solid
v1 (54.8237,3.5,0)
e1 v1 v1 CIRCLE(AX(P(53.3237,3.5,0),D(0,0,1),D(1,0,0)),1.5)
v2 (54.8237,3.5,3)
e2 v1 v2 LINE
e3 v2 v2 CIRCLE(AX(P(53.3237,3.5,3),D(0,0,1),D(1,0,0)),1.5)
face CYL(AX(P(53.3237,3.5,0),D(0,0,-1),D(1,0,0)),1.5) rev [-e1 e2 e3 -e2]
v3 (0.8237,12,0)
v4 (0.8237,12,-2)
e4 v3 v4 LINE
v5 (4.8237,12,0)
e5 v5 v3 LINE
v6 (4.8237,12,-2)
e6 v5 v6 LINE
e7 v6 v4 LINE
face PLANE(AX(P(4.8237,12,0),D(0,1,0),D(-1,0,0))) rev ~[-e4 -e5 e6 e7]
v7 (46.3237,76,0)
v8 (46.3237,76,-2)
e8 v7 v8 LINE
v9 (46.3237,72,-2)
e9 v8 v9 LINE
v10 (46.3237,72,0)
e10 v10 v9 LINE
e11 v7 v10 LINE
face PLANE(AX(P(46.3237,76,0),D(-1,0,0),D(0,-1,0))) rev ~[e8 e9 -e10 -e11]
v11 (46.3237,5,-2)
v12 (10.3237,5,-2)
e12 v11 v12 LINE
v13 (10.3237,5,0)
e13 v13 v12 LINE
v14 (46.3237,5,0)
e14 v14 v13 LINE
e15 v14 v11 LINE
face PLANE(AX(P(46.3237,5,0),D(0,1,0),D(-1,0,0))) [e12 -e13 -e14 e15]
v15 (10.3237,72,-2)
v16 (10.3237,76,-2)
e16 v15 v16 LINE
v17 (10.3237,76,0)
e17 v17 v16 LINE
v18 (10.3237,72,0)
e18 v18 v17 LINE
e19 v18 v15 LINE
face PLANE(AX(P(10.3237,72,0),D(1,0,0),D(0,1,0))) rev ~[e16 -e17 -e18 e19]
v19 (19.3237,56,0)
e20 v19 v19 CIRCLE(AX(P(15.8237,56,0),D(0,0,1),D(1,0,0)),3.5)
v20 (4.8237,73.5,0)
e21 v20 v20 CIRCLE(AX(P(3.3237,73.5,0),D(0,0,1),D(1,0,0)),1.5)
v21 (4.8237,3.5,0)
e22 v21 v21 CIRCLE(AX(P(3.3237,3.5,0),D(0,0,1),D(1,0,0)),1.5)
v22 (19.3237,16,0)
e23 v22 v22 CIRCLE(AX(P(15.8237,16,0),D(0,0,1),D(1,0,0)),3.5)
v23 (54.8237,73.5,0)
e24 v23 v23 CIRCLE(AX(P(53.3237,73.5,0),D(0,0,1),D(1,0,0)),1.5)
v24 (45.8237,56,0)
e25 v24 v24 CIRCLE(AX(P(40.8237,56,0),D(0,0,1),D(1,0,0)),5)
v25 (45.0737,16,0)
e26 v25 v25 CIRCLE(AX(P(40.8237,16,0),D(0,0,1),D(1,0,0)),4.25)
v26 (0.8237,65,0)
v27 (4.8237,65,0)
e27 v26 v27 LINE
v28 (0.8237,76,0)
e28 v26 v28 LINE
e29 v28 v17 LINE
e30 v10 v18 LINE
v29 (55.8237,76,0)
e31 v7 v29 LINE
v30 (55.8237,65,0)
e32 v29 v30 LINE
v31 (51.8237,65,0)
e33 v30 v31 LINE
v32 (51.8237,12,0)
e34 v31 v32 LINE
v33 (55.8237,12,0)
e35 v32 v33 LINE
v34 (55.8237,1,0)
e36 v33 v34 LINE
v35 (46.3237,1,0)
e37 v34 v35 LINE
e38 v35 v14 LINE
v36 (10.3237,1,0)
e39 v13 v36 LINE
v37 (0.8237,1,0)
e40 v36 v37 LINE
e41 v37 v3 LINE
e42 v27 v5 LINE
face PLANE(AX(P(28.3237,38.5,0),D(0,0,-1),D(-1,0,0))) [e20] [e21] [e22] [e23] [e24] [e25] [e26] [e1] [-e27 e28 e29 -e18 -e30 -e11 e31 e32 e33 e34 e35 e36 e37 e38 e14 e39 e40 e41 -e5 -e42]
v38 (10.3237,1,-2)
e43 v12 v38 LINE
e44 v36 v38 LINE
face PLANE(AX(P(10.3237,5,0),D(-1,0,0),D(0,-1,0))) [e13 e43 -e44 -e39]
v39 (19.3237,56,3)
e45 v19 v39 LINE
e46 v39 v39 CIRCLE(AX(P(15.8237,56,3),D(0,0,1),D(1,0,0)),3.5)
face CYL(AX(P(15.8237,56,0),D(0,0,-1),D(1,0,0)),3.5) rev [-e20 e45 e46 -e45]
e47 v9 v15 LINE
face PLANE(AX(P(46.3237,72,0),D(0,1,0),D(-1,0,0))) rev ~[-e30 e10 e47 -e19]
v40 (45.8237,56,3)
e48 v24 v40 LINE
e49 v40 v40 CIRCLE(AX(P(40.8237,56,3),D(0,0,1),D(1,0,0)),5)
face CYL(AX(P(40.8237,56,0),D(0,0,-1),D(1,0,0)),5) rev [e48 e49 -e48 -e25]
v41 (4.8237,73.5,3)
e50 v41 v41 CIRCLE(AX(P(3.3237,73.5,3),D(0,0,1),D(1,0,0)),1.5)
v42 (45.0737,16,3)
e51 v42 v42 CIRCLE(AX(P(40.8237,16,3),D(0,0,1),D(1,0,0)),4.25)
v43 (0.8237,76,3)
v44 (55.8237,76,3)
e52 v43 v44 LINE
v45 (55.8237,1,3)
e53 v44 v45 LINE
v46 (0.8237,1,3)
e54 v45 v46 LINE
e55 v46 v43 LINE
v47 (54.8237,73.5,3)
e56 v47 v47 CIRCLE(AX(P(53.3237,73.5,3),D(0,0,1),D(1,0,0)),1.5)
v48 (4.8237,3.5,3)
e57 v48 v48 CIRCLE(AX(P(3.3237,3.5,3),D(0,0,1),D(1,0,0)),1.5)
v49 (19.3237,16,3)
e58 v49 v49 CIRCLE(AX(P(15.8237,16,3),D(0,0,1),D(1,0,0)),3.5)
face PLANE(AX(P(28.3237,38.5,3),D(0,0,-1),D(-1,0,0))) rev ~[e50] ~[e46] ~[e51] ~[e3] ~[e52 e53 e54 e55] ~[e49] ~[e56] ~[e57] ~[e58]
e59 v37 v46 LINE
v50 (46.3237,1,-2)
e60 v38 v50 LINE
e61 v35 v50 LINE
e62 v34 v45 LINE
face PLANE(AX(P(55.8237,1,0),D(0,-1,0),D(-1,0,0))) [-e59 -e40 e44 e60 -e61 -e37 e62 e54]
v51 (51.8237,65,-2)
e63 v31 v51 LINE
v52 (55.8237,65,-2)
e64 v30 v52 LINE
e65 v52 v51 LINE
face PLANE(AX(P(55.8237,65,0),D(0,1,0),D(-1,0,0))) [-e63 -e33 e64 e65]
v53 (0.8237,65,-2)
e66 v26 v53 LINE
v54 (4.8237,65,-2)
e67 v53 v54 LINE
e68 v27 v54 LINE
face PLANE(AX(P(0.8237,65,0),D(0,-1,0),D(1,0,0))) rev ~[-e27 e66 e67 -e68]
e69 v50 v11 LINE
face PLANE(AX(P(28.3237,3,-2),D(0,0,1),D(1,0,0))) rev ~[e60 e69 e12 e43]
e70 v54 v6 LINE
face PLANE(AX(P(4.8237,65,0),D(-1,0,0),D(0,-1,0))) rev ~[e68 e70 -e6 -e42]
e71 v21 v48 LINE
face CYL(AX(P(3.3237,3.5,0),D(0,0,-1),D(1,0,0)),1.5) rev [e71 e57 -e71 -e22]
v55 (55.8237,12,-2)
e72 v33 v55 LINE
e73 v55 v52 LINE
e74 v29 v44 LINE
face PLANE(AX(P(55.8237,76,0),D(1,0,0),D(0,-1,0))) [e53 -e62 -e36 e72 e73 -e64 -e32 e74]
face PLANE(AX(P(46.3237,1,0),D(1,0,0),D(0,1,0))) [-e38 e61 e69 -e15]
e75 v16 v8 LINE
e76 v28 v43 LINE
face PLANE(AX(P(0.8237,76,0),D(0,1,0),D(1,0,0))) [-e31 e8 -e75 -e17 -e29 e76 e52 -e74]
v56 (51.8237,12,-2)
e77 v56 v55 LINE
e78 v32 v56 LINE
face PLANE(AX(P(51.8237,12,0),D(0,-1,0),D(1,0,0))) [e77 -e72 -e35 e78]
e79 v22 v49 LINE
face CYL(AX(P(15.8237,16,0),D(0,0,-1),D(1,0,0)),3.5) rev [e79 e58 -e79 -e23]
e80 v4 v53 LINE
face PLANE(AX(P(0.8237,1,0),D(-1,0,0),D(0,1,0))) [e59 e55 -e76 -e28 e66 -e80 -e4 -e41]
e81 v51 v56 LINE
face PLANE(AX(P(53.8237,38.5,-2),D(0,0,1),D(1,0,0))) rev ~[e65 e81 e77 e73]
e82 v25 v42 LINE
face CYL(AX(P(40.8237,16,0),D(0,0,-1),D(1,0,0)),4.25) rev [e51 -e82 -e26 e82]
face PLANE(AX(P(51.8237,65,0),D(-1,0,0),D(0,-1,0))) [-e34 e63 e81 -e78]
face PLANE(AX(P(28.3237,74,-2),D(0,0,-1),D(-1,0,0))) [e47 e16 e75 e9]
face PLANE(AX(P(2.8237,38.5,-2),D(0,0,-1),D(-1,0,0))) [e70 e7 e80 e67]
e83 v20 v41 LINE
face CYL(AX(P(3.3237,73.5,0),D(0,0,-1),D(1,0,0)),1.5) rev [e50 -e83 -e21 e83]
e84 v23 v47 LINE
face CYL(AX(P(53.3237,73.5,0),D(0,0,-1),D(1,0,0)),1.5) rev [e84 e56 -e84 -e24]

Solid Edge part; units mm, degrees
sketch "Sketch1" plane through (0, 0, 0) normal (0, 0, 1) x (1, 0, 0)
  circle A0 centre (15.8237, 56) radius 3.5
  circle A1 centre (15.8237, 16) radius 3.5
  circle A2 centre (40.8237, 16) radius 4.25
  circle A3 centre (40.8237, 56) radius 5
  line L0 (0.8237, 1) -> (0.8237, 76)
  line L1 (0.8237, 76) -> (55.8237, 76)
  line L2 (55.8237, 76) -> (55.8237, 1)
  line L3 (55.8237, 1) -> (0.8237, 1)
  circle A4 centre (3.3237, 73.5) radius 1.5
  circle A5 centre (53.3237, 73.5) radius 1.5
  circle A6 centre (3.3237, 3.5) radius 1.5
  circle A7 centre (53.3237, 3.5) radius 1.5
  dimension "D1" = 5
  dimension "D2" = 5
  dimension "D3" = 5
  dimension "D4" = 5
  dimension "D5" = 5
  dimension "D6" = 5
  dimension "D7" = 5
  dimension "D8" = 5
  dimension "D9" = 55
  dimension "D10" = 75
  dimension "D11" = 15
  dimension "D12" = 20
  dimension "D13" = 15
  dimension "D14" = 15
  dimension "D15" = 15
  dimension "D16" = 15
  dimension "D17" = 15
  dimension "D18" = 25
  dimension "D19" = 15
  dimension "D20" = 15
  dimension "D21" = 25
  dimension "D22" = 53
  dimension "D23" = 4
  dimension "D24" = 36
  dimension "D25" = 4
extrude "Protrusion1" add sketch "Sketch1" along normal blind 3
sketch "Sketch2" plane through (0, 0, 0) normal (0, 0, 1) x (1, 0, 0)
  line L0 (46.3237, 72) -> (10.3237, 72)
  line L1 (10.3237, 72) -> (10.3237, 76)
  line L2 (10.3237, 76) -> (46.3237, 76)
  line L3 (46.3237, 76) -> (46.3237, 72)
  line L4 (0.8237, 65) -> (4.8237, 65)
  line L5 (4.8237, 65) -> (4.8237, 12)
  line L6 (4.8237, 12) -> (0.8237, 12)
  line L7 (0.8237, 12) -> (0.8237, 65)
  line L8 (55.8237, 65) -> (51.8237, 65)
  line L9 (51.8237, 65) -> (51.8237, 12)
  line L10 (51.8237, 12) -> (55.8237, 12)
  line L11 (55.8237, 12) -> (55.8237, 65)
  line L12 (46.3237, 5) -> (10.3237, 5)
  line L13 (10.3237, 5) -> (10.3237, 1)
  line L14 (10.3237, 1) -> (46.3237, 1)
  line L15 (46.3237, 1) -> (46.3237, 5)
  dimension "D1" = 5
  dimension "D2" = 5
  dimension "D3" = 5
  dimension "D4" = 5
  dimension "D5" = 5
  dimension "D6" = 5
  dimension "D7" = 5
  dimension "D8" = 5
  dimension "D9" = 55
  dimension "D10" = 75
  dimension "D11" = 15
  dimension "D12" = 20
  dimension "D13" = 15
  dimension "D14" = 15
  dimension "D15" = 15
  dimension "D16" = 15
  dimension "D17" = 15
  dimension "D18" = 25
  dimension "D19" = 15
  dimension "D20" = 15
  dimension "D21" = 25
  dimension "D22" = 53
  dimension "D23" = 4
  dimension "D24" = 36
  dimension "D25" = 4
extrude "ExtrudedProtrusion_3" add sketch "Sketch2" against normal blind 2
